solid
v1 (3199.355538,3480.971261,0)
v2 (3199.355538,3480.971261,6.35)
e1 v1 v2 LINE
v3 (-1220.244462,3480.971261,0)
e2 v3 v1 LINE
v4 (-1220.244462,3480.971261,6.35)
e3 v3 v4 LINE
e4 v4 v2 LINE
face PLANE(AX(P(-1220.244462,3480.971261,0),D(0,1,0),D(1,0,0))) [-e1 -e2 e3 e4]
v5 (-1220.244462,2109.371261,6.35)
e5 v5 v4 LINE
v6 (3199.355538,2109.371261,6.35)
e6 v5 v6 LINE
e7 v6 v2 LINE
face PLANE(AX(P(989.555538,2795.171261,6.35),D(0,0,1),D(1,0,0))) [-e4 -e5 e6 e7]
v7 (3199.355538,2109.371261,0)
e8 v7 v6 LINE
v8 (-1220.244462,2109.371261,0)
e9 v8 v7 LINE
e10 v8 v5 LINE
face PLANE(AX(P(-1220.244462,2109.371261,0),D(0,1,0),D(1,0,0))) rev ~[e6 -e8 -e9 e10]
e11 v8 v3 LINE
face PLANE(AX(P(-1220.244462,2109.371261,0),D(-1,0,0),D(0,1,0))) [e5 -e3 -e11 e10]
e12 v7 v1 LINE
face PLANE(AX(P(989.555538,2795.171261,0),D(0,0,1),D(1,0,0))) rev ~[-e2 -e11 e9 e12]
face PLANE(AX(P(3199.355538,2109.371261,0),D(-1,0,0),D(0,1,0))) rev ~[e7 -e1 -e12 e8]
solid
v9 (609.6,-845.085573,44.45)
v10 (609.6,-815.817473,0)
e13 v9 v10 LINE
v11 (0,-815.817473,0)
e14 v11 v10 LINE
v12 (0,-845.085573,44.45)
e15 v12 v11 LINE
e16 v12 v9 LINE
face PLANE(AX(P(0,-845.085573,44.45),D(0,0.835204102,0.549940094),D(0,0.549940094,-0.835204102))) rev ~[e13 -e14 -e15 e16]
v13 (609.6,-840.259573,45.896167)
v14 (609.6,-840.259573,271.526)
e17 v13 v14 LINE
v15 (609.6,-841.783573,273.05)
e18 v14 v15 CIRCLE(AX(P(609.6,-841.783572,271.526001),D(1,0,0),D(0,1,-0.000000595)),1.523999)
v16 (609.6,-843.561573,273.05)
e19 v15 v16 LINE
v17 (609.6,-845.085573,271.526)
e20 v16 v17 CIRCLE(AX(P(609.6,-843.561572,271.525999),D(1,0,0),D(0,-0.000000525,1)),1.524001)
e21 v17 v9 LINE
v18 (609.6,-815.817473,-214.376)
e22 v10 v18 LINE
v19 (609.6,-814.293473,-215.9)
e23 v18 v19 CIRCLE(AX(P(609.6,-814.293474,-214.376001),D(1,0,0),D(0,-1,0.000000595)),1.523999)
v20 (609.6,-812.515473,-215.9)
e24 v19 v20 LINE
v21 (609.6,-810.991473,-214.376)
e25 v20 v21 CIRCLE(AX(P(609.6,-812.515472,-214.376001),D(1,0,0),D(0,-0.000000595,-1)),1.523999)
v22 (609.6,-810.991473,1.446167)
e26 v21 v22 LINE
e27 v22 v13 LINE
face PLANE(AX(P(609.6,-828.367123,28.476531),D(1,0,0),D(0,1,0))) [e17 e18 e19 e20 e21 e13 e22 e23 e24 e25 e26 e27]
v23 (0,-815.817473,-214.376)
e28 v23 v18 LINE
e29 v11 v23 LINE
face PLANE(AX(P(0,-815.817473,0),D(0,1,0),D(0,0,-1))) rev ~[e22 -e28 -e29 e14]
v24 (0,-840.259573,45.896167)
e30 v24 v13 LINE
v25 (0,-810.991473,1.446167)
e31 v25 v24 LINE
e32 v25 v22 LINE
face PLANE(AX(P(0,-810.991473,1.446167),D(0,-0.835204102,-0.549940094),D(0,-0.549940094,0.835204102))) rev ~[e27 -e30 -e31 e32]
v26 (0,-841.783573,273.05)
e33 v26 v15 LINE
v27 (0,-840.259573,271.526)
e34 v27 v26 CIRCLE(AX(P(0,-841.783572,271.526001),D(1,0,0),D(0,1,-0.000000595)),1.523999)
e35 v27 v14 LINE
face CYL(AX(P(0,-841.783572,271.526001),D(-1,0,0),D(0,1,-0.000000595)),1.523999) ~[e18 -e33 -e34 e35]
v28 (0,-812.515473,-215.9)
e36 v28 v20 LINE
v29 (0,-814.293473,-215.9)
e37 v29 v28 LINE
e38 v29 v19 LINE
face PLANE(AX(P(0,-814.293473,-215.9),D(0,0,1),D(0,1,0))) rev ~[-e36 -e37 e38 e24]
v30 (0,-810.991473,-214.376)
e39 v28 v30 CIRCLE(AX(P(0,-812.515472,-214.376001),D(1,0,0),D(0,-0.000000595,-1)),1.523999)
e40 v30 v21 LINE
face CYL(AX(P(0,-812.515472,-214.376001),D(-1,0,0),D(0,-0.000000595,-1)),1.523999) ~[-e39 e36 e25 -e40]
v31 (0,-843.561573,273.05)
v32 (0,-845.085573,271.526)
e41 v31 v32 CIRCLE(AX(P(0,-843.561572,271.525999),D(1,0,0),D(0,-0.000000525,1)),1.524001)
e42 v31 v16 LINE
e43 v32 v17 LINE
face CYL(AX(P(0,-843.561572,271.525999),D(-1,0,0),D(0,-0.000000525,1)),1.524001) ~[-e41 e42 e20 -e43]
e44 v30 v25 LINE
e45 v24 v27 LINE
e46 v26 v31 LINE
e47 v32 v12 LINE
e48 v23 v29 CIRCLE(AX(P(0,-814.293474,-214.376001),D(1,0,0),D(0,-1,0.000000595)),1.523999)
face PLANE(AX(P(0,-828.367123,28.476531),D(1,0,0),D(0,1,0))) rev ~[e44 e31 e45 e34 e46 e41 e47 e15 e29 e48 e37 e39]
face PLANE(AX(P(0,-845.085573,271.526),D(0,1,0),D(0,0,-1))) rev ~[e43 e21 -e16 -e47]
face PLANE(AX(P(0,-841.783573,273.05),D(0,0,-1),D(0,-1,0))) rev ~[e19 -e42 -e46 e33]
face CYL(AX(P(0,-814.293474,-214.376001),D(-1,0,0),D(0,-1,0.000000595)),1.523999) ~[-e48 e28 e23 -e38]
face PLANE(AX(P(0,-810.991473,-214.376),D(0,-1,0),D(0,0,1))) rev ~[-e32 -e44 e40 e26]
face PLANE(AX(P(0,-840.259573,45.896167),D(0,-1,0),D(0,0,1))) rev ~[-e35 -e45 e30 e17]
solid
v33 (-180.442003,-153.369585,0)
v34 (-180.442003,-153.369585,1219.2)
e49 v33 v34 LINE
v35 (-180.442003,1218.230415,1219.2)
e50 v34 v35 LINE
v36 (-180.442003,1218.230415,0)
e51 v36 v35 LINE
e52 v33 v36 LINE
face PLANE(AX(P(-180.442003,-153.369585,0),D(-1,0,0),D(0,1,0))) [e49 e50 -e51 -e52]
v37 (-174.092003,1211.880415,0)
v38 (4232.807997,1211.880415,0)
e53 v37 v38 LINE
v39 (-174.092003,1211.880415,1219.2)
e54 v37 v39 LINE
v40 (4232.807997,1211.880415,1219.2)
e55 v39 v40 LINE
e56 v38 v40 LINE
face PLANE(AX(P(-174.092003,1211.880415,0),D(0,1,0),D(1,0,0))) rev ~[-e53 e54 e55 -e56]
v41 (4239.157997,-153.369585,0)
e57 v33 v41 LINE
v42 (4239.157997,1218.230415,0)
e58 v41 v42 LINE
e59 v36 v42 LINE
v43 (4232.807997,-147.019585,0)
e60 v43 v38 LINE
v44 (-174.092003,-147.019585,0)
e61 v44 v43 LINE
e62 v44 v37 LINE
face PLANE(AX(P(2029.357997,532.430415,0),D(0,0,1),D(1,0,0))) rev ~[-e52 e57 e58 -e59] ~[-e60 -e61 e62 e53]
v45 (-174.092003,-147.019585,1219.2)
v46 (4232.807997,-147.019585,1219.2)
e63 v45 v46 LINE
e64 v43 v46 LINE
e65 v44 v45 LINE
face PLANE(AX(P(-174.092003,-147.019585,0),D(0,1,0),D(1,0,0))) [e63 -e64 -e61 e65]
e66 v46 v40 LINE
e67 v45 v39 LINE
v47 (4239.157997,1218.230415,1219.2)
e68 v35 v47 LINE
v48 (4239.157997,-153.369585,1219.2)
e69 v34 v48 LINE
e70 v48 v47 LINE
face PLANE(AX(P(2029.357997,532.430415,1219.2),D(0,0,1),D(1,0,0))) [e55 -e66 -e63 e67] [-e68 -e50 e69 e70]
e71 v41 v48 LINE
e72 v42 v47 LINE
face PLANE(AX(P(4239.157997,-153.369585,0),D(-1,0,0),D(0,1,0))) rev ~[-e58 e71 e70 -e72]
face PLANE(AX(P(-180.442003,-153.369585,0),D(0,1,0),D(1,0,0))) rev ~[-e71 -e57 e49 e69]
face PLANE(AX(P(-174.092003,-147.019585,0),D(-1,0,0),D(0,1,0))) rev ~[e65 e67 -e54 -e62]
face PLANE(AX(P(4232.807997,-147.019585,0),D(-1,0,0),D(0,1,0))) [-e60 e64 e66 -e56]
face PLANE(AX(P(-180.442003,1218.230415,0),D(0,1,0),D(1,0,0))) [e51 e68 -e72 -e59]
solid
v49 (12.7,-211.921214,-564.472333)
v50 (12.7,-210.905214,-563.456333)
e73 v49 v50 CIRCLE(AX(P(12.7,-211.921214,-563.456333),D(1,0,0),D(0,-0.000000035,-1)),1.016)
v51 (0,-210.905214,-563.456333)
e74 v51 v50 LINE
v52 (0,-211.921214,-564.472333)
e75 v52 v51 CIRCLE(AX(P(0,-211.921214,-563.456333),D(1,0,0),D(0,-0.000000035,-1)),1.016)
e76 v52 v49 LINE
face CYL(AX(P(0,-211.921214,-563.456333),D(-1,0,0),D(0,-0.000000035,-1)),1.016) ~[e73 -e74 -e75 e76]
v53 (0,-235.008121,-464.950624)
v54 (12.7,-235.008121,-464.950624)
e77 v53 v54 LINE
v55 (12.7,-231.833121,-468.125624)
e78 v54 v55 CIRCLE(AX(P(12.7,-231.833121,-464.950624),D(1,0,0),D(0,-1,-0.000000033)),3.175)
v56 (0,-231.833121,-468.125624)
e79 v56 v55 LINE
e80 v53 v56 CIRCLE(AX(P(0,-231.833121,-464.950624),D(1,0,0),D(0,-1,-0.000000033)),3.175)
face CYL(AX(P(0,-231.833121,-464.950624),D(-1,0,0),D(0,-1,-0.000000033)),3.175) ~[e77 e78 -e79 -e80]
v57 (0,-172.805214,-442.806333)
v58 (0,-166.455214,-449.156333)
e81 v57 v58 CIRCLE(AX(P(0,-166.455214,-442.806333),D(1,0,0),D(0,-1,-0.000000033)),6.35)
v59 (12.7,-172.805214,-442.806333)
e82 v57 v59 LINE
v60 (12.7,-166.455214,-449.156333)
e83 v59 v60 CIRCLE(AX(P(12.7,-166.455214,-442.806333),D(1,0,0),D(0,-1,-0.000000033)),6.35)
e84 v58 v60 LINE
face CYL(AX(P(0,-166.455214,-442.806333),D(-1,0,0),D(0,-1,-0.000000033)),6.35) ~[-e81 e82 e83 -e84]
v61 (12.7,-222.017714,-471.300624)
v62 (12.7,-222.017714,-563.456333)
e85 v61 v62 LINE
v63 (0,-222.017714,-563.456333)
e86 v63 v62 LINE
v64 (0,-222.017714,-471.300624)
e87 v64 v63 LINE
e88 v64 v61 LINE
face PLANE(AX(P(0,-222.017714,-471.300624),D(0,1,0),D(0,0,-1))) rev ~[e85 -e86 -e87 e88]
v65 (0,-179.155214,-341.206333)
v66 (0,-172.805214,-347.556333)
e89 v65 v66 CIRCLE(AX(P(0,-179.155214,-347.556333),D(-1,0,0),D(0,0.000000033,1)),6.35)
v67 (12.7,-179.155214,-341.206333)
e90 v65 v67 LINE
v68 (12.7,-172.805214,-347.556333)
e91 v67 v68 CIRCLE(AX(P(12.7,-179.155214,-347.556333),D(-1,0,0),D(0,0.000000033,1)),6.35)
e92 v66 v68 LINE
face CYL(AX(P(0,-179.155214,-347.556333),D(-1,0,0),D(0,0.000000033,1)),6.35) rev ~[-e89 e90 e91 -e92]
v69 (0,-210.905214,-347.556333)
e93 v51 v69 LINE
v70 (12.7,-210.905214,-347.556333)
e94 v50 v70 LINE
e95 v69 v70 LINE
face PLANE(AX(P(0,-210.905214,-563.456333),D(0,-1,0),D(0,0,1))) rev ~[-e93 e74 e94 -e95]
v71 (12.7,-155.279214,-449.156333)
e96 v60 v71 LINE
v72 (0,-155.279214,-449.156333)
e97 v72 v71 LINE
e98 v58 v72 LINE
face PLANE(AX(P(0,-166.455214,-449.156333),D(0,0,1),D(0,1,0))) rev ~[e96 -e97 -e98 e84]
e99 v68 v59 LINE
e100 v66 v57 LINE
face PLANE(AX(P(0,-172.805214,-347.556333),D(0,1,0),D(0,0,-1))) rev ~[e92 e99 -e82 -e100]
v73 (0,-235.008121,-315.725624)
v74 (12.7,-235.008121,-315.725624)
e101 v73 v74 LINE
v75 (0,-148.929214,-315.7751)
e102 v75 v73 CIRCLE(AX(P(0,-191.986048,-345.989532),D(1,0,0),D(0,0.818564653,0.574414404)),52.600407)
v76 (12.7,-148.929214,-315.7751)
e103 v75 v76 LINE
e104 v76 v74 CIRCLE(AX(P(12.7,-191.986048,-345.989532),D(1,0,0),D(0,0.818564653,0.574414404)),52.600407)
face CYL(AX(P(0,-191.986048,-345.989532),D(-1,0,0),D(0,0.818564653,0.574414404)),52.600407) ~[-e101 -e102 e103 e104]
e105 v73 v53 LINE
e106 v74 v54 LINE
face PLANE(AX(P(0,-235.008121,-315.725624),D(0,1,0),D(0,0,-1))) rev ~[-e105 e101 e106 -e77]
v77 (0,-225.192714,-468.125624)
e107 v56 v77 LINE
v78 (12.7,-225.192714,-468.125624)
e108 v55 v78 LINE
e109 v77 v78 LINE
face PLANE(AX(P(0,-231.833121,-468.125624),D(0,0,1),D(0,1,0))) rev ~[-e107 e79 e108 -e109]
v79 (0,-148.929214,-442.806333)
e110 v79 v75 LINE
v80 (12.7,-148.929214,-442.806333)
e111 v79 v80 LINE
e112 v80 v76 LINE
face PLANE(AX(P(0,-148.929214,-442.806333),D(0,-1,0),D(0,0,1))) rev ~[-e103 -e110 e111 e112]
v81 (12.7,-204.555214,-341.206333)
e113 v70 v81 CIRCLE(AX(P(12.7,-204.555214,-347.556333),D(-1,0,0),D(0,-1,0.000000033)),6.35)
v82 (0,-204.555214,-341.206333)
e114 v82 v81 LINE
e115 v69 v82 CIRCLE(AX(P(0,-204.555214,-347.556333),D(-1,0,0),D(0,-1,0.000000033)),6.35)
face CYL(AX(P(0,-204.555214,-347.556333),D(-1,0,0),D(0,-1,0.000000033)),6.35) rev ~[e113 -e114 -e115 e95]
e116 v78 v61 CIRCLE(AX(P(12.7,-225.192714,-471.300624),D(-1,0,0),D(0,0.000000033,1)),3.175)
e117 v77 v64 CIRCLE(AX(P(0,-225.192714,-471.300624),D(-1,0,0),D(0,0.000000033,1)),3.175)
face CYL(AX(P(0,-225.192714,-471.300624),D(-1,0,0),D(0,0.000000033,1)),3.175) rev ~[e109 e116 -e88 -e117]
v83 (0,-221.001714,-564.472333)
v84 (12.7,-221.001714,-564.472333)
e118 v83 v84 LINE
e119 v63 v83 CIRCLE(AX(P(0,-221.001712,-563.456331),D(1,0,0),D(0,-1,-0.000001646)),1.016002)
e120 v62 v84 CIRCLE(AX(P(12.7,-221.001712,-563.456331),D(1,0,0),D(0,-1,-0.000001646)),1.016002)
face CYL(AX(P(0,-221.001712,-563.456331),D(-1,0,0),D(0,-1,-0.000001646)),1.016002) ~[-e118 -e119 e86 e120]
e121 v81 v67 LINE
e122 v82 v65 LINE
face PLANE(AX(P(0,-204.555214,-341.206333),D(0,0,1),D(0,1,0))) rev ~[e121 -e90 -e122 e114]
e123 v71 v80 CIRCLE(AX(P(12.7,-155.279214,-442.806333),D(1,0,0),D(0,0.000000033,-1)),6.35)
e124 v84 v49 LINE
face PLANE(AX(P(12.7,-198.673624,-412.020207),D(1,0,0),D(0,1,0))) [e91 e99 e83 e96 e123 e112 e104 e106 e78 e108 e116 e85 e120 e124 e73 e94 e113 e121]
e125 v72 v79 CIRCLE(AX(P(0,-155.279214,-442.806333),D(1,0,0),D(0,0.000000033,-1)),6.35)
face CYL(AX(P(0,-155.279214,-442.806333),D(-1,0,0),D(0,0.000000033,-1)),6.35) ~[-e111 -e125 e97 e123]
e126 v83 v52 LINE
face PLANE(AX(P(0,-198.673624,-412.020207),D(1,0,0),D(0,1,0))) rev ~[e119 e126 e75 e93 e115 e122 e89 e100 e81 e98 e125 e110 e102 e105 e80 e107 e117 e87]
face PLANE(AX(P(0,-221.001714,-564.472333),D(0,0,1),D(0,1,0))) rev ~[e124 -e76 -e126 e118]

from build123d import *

# Parameters (mm, degrees)
F0_W     = 4419.6
F0_H     = 1371.6
F0_W_2   = 4406.9
F0_H_2   = 1358.9
F1_DEPTH = 1219.2
F2_W     = 4419.6
F2_H     = 1371.6
F3_DEPTH = 6.35
F5_DEPTH = 609.6
F7_DEPTH = 12.7


with BuildPart() as f1:
    # F0 (on Top) → F1 (new body)
    with BuildSketch(Plane.XY):
        with Locations((2029.357997, 532.430415)):
            Rectangle(F0_W, F0_H)
        with Locations((2029.357997, 532.430415)):
            Rectangle(F0_W_2, F0_H_2, mode=Mode.SUBTRACT)
    extrude(amount=F1_DEPTH)


with BuildPart() as f3:
    # F2 (on Top) → F3 (new body)
    with BuildSketch(Plane.XY):
        with Locations((989.555538, 2795.171261)):
            Rectangle(F2_W, F2_H)
    extrude(amount=F3_DEPTH)


with BuildPart() as f5:
    # F4 (on Right) → F5 (new body)
    with BuildSketch(Plane.YZ):
        with BuildLine():
            Line((-815.817473, 0), (-815.817473, -214.376))
            ThreePointArc((-815.817473, -214.376), (-815.371104, -215.453631), (-814.293473, -215.9))
            Line((-814.293473, -215.9), (-812.515473, -215.9))
            ThreePointArc((-812.515473, -215.9), (-811.437842, -215.453631), (-810.991473, -214.376))
            Line((-810.991473, -214.376), (-810.991473, 1.446167))
            Line((-810.991473, 1.446167), (-840.259573, 45.896167))
            Line((-840.259573, 45.896167), (-840.259573, 271.526))
            ThreePointArc((-840.259573, 271.526), (-840.705942, 272.603631), (-841.783573, 273.05))
            Line((-841.783573, 273.05), (-843.561573, 273.05))
            ThreePointArc((-843.561573, 273.05), (-844.639203, 272.603631), (-845.085573, 271.526))
            Line((-845.085573, 271.526), (-845.085573, 44.45))
            Line((-845.085573, 44.45), (-815.817473, 0))
        make_face()
    extrude(amount=F5_DEPTH)


with BuildPart() as f7:
    # F6 (on Right) → F7 (new body)
    with BuildSketch(Plane.YZ):
        with BuildLine():
            ThreePointArc((-222.017714, -563.456333), (-221.720134, -564.174753), (-221.001714, -564.472333))
            Line((-221.001714, -564.472333), (-211.921214, -564.472333))
            ThreePointArc((-211.921214, -564.472333), (-211.202793, -564.174753), (-210.905214, -563.456333))
            Line((-210.905214, -563.456333), (-210.905214, -347.556333))
            ThreePointArc((-210.905214, -347.556333), (-209.045342, -343.066205), (-204.555214, -341.206333))
            Line((-204.555214, -341.206333), (-179.155214, -341.206333))
            ThreePointArc((-179.155214, -341.206333), (-174.665086, -343.066205), (-172.805214, -347.556333))
            Line((-172.805214, -347.556333), (-172.805214, -442.806333))
            ThreePointArc((-172.805214, -442.806333), (-170.945342, -447.296461), (-166.455214, -449.156333))
            Line((-166.455214, -449.156333), (-155.279214, -449.156333))
            ThreePointArc((-155.279214, -449.156333), (-150.789086, -447.296461), (-148.929214, -442.806333))
            Line((-148.929214, -442.806333), (-148.929214, -341.206333))
            Line((-148.929214, -341.206333), (-148.929214, -315.7751))
            ThreePointArc((-148.929214, -315.7751), (-191.955815, -293.389133), (-235.008121, -315.725624))
            Line((-235.008121, -315.725624), (-235.008121, -464.950624))
            ThreePointArc((-235.008121, -464.950624), (-234.078185, -467.195688), (-231.833121, -468.125624))
            Line((-231.833121, -468.125624), (-225.192714, -468.125624))
            ThreePointArc((-225.192714, -468.125624), (-222.94765, -469.05556), (-222.017714, -471.300624))
            Line((-222.017714, -471.300624), (-222.017714, -563.456333))
        make_face()
    extrude(amount=F7_DEPTH)


solid = Compound([f1.part, f3.part, f5.part, f7.part])
